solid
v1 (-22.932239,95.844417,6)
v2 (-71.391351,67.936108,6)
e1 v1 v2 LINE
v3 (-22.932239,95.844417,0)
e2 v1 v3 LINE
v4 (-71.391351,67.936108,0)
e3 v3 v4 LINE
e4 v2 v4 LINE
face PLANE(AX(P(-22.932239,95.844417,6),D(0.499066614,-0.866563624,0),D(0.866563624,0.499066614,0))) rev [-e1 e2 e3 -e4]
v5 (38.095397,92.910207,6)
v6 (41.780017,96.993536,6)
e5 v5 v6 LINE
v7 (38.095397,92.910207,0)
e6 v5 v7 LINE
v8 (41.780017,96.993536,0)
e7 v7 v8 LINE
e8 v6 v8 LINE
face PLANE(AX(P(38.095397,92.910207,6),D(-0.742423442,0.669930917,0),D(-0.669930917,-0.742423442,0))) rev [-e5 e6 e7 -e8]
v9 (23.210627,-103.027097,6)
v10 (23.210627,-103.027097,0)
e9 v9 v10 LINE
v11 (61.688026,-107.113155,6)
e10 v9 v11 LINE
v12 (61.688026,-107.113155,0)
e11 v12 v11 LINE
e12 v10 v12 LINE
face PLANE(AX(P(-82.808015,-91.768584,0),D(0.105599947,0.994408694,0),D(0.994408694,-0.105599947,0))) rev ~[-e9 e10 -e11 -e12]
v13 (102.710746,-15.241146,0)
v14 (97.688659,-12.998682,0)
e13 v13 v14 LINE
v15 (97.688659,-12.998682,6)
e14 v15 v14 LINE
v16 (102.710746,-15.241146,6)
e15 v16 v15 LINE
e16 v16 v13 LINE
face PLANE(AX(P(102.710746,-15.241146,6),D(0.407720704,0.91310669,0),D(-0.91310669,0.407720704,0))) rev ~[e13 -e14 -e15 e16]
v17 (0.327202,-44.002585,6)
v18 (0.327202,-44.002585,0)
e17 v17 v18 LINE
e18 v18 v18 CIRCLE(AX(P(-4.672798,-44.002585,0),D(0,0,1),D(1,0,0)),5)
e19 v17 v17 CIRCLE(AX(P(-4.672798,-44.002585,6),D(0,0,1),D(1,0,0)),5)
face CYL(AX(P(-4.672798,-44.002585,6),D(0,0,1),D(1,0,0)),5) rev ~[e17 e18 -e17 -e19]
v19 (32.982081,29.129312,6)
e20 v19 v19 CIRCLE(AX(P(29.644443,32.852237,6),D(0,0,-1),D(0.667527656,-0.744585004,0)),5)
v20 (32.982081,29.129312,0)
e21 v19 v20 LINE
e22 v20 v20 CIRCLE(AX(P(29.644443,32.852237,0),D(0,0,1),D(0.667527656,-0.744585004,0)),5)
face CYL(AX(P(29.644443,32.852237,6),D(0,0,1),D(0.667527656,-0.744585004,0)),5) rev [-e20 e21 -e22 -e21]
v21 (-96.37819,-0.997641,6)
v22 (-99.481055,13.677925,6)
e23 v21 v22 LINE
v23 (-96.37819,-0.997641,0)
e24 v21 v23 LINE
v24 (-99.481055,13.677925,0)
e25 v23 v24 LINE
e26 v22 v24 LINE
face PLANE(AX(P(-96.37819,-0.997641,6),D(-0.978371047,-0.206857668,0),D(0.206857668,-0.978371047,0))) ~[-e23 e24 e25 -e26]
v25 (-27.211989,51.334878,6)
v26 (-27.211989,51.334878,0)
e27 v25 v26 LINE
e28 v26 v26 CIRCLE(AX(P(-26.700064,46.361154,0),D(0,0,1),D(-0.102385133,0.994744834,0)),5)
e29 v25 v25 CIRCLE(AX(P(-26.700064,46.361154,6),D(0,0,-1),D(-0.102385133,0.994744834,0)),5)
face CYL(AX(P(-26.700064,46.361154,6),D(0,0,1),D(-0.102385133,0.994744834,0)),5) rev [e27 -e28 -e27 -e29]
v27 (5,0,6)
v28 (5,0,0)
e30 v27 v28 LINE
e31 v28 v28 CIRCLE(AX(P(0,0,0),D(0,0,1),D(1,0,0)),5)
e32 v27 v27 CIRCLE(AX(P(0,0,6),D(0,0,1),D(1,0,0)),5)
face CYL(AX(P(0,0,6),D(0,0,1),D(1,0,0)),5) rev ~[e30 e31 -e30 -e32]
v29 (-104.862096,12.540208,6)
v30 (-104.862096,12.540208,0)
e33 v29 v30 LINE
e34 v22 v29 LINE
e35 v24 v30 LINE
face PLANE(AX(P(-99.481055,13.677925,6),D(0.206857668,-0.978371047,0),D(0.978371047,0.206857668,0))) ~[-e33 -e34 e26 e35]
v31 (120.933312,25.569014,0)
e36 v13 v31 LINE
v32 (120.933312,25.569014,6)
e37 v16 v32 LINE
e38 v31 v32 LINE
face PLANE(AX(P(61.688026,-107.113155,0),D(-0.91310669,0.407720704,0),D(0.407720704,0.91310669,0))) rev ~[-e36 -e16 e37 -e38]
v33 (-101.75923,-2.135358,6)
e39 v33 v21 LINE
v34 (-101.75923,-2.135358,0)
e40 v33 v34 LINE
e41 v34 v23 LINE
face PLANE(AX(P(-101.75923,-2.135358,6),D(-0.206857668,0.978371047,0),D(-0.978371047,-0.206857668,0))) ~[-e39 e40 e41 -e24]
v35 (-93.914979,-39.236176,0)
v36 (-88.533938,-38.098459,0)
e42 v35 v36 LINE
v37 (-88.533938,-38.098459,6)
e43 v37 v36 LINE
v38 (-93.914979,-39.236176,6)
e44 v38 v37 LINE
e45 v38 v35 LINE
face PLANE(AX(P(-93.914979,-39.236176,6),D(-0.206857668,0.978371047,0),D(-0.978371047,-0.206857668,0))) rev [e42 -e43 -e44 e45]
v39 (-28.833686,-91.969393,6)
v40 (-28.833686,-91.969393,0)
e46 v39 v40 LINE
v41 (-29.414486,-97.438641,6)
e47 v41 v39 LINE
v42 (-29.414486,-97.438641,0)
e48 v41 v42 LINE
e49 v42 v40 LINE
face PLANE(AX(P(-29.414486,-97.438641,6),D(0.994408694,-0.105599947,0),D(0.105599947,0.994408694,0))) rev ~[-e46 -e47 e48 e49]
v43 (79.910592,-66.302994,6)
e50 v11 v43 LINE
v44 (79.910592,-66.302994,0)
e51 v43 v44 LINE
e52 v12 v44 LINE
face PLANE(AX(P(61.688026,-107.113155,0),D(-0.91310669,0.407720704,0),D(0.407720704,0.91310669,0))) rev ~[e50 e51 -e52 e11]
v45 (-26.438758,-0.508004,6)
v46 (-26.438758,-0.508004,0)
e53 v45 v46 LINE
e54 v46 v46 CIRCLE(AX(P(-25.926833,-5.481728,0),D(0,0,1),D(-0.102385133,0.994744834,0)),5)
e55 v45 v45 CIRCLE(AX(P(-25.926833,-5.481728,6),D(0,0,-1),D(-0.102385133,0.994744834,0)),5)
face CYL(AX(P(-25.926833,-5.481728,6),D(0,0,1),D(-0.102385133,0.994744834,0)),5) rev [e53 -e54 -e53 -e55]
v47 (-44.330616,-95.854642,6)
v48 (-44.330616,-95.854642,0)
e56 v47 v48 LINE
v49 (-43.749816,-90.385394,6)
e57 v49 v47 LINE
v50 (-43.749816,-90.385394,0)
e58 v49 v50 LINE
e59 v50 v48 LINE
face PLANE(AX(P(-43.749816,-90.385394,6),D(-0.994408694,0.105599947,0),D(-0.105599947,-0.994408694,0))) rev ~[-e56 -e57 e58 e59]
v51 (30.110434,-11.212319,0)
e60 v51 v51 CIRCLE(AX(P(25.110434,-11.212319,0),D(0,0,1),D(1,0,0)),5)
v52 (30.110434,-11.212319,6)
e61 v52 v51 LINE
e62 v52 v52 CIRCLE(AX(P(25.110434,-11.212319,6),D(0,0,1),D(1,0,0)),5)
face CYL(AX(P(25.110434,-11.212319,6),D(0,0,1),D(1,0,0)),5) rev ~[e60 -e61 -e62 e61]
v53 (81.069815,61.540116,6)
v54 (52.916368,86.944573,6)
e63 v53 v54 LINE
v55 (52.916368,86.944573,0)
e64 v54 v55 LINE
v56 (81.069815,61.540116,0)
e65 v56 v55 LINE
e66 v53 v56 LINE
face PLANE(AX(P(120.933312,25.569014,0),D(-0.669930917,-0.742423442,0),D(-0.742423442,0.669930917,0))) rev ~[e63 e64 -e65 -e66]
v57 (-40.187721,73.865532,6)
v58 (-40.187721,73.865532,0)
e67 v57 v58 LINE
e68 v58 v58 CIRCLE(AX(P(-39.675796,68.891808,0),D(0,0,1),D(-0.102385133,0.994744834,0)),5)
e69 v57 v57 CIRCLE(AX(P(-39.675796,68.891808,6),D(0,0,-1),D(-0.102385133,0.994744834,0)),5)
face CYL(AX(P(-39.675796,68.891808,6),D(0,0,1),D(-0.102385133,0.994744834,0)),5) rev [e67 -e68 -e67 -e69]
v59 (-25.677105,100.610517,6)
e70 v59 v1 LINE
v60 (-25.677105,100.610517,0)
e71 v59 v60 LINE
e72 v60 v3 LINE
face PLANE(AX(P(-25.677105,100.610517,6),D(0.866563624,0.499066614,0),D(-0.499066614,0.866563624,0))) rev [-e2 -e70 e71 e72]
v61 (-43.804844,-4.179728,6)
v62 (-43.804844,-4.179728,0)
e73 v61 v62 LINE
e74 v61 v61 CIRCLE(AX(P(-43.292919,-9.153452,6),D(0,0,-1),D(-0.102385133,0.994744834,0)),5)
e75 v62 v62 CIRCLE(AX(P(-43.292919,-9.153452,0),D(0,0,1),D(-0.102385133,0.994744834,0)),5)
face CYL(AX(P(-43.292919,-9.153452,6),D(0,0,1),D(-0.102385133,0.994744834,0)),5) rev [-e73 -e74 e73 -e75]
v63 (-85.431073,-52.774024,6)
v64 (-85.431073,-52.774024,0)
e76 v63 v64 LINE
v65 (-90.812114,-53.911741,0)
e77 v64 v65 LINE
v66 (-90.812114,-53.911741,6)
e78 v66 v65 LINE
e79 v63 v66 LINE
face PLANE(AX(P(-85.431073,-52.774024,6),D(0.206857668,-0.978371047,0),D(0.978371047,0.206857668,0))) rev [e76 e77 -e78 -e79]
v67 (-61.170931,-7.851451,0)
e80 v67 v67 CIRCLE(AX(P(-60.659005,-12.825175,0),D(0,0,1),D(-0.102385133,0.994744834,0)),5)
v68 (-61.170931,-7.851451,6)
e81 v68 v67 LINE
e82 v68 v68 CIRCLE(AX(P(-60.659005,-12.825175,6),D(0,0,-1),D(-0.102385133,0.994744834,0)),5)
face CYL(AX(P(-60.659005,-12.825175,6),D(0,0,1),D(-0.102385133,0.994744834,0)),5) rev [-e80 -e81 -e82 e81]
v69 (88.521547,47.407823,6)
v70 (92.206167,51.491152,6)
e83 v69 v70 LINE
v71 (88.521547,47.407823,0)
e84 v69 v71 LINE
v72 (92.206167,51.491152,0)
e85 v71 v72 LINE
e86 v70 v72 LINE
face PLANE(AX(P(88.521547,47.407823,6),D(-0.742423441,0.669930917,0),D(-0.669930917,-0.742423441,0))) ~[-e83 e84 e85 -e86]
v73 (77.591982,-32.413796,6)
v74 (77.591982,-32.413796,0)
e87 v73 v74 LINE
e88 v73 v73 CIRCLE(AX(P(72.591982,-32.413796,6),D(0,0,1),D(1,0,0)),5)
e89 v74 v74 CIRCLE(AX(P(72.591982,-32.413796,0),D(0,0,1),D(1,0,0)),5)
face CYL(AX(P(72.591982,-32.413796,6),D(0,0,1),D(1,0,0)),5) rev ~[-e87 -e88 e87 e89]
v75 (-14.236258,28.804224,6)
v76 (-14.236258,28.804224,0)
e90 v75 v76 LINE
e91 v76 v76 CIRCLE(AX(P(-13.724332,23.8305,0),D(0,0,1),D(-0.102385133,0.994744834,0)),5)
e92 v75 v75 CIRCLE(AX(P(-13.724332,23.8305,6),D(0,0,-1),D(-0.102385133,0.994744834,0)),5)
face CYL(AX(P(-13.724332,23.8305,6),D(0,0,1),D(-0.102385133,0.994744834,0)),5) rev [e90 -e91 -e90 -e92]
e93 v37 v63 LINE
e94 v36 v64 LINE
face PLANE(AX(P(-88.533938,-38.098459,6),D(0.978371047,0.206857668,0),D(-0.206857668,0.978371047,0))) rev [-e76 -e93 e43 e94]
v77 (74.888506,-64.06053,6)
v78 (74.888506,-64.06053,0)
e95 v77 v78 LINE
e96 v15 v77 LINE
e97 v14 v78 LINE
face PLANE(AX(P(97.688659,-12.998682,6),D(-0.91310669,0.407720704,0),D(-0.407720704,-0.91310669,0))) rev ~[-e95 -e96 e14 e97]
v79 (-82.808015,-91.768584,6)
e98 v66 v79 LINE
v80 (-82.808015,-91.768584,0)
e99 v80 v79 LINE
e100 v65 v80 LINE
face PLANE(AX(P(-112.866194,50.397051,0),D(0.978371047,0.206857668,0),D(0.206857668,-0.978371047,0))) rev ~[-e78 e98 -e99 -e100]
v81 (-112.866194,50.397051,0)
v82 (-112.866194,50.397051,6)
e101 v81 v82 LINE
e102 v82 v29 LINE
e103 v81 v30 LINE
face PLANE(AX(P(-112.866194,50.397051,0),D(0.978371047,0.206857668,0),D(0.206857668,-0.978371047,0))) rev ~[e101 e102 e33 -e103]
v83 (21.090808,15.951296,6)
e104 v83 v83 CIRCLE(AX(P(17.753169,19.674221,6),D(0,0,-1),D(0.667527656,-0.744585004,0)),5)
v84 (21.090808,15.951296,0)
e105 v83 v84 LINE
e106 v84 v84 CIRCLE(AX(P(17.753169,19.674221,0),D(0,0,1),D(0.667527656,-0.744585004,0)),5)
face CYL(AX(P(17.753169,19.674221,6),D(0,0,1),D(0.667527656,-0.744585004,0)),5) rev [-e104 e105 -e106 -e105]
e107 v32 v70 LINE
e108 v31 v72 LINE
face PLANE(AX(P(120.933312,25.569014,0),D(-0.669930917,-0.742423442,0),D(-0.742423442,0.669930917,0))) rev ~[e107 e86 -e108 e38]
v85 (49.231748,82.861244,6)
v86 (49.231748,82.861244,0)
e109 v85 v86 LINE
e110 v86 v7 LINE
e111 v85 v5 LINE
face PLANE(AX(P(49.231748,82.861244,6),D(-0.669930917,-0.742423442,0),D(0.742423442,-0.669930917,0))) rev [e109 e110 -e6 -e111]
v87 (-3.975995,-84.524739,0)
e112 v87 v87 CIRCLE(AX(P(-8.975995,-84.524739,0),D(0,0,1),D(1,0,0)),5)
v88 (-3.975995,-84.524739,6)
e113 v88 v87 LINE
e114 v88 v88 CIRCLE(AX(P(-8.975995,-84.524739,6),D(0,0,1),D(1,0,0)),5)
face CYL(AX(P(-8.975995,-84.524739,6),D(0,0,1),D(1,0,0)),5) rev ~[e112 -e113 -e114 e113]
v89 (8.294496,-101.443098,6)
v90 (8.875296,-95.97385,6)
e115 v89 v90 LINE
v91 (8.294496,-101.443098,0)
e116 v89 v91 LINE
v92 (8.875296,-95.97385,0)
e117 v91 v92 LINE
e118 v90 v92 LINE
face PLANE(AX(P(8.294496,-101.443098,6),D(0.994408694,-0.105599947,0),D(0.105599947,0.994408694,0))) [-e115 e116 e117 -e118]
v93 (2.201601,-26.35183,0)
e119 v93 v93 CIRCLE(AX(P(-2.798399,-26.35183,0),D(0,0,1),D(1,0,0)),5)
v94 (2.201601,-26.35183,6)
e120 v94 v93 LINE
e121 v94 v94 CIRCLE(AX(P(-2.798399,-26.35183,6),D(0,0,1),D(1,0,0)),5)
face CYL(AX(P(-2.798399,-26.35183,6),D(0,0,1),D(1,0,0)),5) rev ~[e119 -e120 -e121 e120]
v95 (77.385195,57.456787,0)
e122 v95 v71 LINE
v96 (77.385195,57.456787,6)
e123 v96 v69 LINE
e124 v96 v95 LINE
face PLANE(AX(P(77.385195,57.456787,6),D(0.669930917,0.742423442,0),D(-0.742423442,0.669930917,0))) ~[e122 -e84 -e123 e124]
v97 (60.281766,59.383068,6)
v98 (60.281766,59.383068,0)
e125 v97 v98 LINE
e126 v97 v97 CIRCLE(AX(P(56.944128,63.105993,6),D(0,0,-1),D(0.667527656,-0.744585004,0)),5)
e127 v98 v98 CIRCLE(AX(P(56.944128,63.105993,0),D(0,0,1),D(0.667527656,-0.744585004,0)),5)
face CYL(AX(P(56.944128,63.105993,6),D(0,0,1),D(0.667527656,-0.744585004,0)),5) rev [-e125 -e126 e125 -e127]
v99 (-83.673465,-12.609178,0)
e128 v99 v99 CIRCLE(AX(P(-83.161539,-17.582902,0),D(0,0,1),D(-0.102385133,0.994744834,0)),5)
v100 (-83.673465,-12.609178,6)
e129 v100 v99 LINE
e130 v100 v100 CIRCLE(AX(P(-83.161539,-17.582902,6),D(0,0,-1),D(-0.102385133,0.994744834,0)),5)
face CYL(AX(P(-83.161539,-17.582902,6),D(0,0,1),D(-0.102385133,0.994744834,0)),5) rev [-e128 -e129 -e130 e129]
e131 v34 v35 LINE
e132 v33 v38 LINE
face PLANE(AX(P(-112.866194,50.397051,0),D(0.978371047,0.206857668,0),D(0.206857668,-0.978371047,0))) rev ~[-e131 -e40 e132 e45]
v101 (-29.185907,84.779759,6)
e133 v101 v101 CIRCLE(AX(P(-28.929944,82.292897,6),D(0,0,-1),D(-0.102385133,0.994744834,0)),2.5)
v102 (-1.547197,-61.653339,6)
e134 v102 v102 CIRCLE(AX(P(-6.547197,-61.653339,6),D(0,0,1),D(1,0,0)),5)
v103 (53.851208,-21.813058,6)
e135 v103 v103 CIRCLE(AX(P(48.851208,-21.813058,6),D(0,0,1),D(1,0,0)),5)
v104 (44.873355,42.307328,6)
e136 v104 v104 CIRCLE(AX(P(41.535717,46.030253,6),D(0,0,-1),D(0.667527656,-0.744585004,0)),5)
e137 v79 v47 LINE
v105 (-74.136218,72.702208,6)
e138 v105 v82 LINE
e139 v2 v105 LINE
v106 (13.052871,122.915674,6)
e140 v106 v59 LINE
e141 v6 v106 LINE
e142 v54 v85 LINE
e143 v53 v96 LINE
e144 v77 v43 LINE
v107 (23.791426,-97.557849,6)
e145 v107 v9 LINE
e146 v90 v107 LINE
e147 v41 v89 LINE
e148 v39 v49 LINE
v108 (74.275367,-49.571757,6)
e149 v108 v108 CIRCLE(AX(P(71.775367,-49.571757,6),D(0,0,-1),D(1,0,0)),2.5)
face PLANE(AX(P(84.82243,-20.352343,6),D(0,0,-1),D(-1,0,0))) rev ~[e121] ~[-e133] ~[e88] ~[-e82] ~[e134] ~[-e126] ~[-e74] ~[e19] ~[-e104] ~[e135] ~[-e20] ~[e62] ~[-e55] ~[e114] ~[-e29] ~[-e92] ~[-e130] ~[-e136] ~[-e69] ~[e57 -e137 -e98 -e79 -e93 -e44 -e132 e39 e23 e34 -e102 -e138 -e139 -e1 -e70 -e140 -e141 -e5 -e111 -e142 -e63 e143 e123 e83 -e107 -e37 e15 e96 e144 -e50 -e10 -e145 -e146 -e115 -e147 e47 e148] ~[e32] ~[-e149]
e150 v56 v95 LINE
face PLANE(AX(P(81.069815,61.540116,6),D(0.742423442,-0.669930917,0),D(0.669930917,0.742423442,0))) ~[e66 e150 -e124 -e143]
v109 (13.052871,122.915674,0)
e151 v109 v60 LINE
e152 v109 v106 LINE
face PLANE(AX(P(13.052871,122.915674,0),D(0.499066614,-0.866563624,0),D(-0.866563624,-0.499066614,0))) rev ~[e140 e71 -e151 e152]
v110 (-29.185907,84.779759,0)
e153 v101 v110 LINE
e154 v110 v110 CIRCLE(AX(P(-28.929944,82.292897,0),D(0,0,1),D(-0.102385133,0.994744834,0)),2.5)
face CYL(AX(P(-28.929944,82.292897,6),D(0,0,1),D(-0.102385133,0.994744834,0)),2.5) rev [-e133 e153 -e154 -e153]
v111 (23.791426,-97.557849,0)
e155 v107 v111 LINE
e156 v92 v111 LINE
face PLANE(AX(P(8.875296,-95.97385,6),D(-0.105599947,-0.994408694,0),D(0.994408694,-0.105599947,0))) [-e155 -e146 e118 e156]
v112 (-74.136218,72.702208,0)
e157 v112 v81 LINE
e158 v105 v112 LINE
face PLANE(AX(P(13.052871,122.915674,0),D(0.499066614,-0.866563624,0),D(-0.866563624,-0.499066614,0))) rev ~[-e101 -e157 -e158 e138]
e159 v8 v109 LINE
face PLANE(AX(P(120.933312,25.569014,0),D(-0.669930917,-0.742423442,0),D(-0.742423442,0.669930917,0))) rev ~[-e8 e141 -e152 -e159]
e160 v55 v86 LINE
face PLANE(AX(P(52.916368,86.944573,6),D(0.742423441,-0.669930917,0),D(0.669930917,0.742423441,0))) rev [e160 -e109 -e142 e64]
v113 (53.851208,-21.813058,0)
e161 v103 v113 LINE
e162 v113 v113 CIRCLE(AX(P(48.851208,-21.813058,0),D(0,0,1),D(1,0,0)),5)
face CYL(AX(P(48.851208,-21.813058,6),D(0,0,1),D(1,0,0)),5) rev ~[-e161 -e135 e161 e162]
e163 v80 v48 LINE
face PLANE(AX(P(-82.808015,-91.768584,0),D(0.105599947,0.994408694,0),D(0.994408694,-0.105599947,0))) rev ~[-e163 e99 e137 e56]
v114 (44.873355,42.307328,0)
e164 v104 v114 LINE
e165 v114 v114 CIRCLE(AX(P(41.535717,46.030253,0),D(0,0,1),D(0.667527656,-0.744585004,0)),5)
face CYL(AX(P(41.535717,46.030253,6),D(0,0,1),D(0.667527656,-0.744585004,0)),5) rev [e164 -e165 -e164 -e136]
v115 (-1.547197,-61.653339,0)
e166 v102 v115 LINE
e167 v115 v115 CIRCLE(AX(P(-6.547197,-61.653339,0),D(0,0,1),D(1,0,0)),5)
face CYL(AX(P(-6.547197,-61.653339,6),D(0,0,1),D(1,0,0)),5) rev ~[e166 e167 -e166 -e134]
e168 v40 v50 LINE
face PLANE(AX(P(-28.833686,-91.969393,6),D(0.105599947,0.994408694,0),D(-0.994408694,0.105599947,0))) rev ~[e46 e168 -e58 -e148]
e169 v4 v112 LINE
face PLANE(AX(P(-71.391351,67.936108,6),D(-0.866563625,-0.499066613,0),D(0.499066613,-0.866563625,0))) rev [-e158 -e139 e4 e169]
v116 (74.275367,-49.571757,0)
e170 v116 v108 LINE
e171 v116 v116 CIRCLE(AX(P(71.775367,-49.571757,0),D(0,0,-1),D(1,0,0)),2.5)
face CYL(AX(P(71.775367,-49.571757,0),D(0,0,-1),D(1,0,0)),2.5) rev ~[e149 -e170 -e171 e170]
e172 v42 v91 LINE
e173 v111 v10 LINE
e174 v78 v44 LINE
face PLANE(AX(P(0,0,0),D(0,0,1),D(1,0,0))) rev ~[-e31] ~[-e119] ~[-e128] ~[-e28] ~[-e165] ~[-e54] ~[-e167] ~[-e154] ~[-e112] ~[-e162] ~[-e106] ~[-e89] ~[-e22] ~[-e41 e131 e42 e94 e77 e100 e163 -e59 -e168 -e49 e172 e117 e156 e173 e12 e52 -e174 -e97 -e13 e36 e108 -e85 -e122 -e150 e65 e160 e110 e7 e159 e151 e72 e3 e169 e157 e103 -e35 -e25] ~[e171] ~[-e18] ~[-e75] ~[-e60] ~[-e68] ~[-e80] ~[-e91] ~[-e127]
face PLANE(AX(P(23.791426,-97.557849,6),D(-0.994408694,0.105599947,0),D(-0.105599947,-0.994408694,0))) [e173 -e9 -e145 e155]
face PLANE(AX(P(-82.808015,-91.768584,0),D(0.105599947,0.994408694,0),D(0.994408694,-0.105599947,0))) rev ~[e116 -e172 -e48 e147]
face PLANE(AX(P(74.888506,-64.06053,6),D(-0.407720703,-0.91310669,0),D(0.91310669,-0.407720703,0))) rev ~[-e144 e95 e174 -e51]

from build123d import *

# Parameters (mm, degrees)
BOSS_EXTRUDE1_DEPTH = 6
SKETCH2_R           = 5
CUT_EXTRUDE1_DEPTH  = 6
SKETCH11_R          = 4.999999998
CUT_EXTRUDE2_DEPTH  = 10
SKETCH12_R          = 5
SKETCH12_R_2        = 2.5
CUT_EXTRUDE3_DEPTH  = 10
CUT_EXTRUDE4_DEPTH  = 10
CUT_EXTRUDE5_DEPTH  = 10
BOSS_EXTRUDE2_START = -6
SKETCH14_R          = 2.5
BOSS_EXTRUDE2_DEPTH = 6
SKETCH14_3_R        = 2.5
CUT_EXTRUDE6_DEPTH  = 6


with BuildPart() as part:
    # Sketch1 → Boss-Extrude1 (new body)
    with BuildSketch(Plane.XY):
        Polygon((-82.808015356, -91.768584182), (61.688025962, -107.113154668), (120.9333121, 25.569013955), (13.052871288, 122.915674351), (-112.866193993, 50.397050544), align=None)
    extrude(amount=BOSS_EXTRUDE1_DEPTH)

    # Sketch2 → Cut-Extrude1 (cut)
    with BuildSketch(Plane.XY.offset(6)):
        Circle(SKETCH2_R)
    extrude(amount=-CUT_EXTRUDE1_DEPTH, mode=Mode.SUBTRACT)

    # Sketch11 → Cut-Extrude2 (cut)
    with BuildSketch(Plane.XY.offset(6)):
        with Locations((-6.54719671, -61.653339044)):
            Circle(SKETCH11_R)
        with Locations((-4.672797652, -44.002584721)):
            Circle(SKETCH11_R)
        with Locations((-2.798398593, -26.351830398)):
            Circle(SKETCH11_R)
        with Locations((-8.975995491, -84.524739011)):
            Circle(SKETCH11_R)
    cut_extrude2 = extrude(amount=-CUT_EXTRUDE2_DEPTH, mode=Mode.SUBTRACT)

    # Sketch12 → Cut-Extrude3 (cut)
    with BuildSketch(Plane.XY.offset(6)):
        with Locations((48.851207931, -21.813057641)):
            Circle(SKETCH12_R)
        with Locations((25.110433983, -11.212319348)):
            Circle(SKETCH12_R)
        with Locations((84.822429951, -20.352343286)):
            Circle(SKETCH12_R_2)
        with Locations((72.591981879, -32.413795933)):
            Circle(SKETCH12_R)
    cut_extrude3 = extrude(amount=-CUT_EXTRUDE3_DEPTH, mode=Mode.SUBTRACT)

    # Sketch11<3> → Cut-Extrude4 (cut)
    with BuildSketch(Plane.XY.offset(6)):
        Polygon((8.29449613, -101.443097727), (8.875295839, -95.973849909), (23.791426251, -97.557849113), (23.210626543, -103.027096932), align=None)
        Polygon((-29.414485521, -97.438641123), (-28.833685813, -91.969393305), (-43.749816225, -90.3853941), (-44.330615934, -95.854641919), align=None)
    cut_extrude4 = extrude(amount=-CUT_EXTRUDE4_DEPTH, mode=Mode.SUBTRACT)

    # Mirror3: Cut-Extrude2 across plane
    add(cut_extrude2.mirror(Plane(origin=(0, 0, 0), x_dir=(0, 0, 1), z_dir=(-0.4077207035645653, -0.9131066903077734, 0))), mode=Mode.SUBTRACT)

    # Mirror4: Cut-Extrude3 across plane
    add(cut_extrude3.mirror(Plane(origin=(0, 0, 0), x_dir=(0, 0, 1), z_dir=(0.742423441529948, -0.6699309169360882, 0))), mode=Mode.SUBTRACT)

    # Mirror5: Cut-Extrude2 across plane
    add(cut_extrude2.mirror(Plane(origin=(0, 0, 0), x_dir=(0, 0, 1), z_dir=(0.742423441529948, -0.6699309169360882, 0))), mode=Mode.SUBTRACT)

    # Mirror6: Cut-Extrude4 across plane
    add(cut_extrude4.mirror(Plane(origin=(0, 0, 0), x_dir=(0, 0, 1), z_dir=(-0.4077207035645653, -0.9131066903077734, 0))), mode=Mode.SUBTRACT)

    # Mirror7: Cut-Extrude4 across plane
    add(cut_extrude4.mirror(Plane(origin=(0, 0, 0), x_dir=(0, 0, 1), z_dir=(0.742423441529948, -0.6699309169360882, 0))), mode=Mode.SUBTRACT)

    # Sketch13 → Cut-Extrude5 (cut)
    with BuildSketch(Plane.XY.offset(6)):
        Polygon((79.910592339, -66.30299436), (102.710745723, -15.241146353), (97.688658926, -12.998682483), (74.888505542, -64.060530491), align=None)
    cut_extrude5 = extrude(amount=-CUT_EXTRUDE5_DEPTH, mode=Mode.SUBTRACT)

    # Mirror8: Cut-Extrude5 across plane
    add(cut_extrude5.mirror(Plane(origin=(0, 0, 0), x_dir=(0, 0, 1), z_dir=(0.742423441529948, -0.6699309169360882, 0))), mode=Mode.SUBTRACT)

    # Sketch14 → Boss-Extrude2 (add)
    with BuildSketch(Plane(origin=(0, 0, 0), x_dir=(-1, 0, 0), z_dir=(0, 0, -1)).offset(BOSS_EXTRUDE2_START)):
        with Locations((-84.822429951, -20.352343286)):
            Circle(SKETCH14_R)
    extrude(amount=BOSS_EXTRUDE2_DEPTH)

    # Sketch14<3> → Cut-Extrude6 (cut)
    with BuildSketch(Plane(origin=(0, 0, 0), x_dir=(-1, 0, 0), z_dir=(0, 0, -1))):
        with Locations((-71.775367437, -49.571757376)):
            Circle(SKETCH14_3_R)
    extrude(amount=-CUT_EXTRUDE6_DEPTH, mode=Mode.SUBTRACT)


solid = part.part
